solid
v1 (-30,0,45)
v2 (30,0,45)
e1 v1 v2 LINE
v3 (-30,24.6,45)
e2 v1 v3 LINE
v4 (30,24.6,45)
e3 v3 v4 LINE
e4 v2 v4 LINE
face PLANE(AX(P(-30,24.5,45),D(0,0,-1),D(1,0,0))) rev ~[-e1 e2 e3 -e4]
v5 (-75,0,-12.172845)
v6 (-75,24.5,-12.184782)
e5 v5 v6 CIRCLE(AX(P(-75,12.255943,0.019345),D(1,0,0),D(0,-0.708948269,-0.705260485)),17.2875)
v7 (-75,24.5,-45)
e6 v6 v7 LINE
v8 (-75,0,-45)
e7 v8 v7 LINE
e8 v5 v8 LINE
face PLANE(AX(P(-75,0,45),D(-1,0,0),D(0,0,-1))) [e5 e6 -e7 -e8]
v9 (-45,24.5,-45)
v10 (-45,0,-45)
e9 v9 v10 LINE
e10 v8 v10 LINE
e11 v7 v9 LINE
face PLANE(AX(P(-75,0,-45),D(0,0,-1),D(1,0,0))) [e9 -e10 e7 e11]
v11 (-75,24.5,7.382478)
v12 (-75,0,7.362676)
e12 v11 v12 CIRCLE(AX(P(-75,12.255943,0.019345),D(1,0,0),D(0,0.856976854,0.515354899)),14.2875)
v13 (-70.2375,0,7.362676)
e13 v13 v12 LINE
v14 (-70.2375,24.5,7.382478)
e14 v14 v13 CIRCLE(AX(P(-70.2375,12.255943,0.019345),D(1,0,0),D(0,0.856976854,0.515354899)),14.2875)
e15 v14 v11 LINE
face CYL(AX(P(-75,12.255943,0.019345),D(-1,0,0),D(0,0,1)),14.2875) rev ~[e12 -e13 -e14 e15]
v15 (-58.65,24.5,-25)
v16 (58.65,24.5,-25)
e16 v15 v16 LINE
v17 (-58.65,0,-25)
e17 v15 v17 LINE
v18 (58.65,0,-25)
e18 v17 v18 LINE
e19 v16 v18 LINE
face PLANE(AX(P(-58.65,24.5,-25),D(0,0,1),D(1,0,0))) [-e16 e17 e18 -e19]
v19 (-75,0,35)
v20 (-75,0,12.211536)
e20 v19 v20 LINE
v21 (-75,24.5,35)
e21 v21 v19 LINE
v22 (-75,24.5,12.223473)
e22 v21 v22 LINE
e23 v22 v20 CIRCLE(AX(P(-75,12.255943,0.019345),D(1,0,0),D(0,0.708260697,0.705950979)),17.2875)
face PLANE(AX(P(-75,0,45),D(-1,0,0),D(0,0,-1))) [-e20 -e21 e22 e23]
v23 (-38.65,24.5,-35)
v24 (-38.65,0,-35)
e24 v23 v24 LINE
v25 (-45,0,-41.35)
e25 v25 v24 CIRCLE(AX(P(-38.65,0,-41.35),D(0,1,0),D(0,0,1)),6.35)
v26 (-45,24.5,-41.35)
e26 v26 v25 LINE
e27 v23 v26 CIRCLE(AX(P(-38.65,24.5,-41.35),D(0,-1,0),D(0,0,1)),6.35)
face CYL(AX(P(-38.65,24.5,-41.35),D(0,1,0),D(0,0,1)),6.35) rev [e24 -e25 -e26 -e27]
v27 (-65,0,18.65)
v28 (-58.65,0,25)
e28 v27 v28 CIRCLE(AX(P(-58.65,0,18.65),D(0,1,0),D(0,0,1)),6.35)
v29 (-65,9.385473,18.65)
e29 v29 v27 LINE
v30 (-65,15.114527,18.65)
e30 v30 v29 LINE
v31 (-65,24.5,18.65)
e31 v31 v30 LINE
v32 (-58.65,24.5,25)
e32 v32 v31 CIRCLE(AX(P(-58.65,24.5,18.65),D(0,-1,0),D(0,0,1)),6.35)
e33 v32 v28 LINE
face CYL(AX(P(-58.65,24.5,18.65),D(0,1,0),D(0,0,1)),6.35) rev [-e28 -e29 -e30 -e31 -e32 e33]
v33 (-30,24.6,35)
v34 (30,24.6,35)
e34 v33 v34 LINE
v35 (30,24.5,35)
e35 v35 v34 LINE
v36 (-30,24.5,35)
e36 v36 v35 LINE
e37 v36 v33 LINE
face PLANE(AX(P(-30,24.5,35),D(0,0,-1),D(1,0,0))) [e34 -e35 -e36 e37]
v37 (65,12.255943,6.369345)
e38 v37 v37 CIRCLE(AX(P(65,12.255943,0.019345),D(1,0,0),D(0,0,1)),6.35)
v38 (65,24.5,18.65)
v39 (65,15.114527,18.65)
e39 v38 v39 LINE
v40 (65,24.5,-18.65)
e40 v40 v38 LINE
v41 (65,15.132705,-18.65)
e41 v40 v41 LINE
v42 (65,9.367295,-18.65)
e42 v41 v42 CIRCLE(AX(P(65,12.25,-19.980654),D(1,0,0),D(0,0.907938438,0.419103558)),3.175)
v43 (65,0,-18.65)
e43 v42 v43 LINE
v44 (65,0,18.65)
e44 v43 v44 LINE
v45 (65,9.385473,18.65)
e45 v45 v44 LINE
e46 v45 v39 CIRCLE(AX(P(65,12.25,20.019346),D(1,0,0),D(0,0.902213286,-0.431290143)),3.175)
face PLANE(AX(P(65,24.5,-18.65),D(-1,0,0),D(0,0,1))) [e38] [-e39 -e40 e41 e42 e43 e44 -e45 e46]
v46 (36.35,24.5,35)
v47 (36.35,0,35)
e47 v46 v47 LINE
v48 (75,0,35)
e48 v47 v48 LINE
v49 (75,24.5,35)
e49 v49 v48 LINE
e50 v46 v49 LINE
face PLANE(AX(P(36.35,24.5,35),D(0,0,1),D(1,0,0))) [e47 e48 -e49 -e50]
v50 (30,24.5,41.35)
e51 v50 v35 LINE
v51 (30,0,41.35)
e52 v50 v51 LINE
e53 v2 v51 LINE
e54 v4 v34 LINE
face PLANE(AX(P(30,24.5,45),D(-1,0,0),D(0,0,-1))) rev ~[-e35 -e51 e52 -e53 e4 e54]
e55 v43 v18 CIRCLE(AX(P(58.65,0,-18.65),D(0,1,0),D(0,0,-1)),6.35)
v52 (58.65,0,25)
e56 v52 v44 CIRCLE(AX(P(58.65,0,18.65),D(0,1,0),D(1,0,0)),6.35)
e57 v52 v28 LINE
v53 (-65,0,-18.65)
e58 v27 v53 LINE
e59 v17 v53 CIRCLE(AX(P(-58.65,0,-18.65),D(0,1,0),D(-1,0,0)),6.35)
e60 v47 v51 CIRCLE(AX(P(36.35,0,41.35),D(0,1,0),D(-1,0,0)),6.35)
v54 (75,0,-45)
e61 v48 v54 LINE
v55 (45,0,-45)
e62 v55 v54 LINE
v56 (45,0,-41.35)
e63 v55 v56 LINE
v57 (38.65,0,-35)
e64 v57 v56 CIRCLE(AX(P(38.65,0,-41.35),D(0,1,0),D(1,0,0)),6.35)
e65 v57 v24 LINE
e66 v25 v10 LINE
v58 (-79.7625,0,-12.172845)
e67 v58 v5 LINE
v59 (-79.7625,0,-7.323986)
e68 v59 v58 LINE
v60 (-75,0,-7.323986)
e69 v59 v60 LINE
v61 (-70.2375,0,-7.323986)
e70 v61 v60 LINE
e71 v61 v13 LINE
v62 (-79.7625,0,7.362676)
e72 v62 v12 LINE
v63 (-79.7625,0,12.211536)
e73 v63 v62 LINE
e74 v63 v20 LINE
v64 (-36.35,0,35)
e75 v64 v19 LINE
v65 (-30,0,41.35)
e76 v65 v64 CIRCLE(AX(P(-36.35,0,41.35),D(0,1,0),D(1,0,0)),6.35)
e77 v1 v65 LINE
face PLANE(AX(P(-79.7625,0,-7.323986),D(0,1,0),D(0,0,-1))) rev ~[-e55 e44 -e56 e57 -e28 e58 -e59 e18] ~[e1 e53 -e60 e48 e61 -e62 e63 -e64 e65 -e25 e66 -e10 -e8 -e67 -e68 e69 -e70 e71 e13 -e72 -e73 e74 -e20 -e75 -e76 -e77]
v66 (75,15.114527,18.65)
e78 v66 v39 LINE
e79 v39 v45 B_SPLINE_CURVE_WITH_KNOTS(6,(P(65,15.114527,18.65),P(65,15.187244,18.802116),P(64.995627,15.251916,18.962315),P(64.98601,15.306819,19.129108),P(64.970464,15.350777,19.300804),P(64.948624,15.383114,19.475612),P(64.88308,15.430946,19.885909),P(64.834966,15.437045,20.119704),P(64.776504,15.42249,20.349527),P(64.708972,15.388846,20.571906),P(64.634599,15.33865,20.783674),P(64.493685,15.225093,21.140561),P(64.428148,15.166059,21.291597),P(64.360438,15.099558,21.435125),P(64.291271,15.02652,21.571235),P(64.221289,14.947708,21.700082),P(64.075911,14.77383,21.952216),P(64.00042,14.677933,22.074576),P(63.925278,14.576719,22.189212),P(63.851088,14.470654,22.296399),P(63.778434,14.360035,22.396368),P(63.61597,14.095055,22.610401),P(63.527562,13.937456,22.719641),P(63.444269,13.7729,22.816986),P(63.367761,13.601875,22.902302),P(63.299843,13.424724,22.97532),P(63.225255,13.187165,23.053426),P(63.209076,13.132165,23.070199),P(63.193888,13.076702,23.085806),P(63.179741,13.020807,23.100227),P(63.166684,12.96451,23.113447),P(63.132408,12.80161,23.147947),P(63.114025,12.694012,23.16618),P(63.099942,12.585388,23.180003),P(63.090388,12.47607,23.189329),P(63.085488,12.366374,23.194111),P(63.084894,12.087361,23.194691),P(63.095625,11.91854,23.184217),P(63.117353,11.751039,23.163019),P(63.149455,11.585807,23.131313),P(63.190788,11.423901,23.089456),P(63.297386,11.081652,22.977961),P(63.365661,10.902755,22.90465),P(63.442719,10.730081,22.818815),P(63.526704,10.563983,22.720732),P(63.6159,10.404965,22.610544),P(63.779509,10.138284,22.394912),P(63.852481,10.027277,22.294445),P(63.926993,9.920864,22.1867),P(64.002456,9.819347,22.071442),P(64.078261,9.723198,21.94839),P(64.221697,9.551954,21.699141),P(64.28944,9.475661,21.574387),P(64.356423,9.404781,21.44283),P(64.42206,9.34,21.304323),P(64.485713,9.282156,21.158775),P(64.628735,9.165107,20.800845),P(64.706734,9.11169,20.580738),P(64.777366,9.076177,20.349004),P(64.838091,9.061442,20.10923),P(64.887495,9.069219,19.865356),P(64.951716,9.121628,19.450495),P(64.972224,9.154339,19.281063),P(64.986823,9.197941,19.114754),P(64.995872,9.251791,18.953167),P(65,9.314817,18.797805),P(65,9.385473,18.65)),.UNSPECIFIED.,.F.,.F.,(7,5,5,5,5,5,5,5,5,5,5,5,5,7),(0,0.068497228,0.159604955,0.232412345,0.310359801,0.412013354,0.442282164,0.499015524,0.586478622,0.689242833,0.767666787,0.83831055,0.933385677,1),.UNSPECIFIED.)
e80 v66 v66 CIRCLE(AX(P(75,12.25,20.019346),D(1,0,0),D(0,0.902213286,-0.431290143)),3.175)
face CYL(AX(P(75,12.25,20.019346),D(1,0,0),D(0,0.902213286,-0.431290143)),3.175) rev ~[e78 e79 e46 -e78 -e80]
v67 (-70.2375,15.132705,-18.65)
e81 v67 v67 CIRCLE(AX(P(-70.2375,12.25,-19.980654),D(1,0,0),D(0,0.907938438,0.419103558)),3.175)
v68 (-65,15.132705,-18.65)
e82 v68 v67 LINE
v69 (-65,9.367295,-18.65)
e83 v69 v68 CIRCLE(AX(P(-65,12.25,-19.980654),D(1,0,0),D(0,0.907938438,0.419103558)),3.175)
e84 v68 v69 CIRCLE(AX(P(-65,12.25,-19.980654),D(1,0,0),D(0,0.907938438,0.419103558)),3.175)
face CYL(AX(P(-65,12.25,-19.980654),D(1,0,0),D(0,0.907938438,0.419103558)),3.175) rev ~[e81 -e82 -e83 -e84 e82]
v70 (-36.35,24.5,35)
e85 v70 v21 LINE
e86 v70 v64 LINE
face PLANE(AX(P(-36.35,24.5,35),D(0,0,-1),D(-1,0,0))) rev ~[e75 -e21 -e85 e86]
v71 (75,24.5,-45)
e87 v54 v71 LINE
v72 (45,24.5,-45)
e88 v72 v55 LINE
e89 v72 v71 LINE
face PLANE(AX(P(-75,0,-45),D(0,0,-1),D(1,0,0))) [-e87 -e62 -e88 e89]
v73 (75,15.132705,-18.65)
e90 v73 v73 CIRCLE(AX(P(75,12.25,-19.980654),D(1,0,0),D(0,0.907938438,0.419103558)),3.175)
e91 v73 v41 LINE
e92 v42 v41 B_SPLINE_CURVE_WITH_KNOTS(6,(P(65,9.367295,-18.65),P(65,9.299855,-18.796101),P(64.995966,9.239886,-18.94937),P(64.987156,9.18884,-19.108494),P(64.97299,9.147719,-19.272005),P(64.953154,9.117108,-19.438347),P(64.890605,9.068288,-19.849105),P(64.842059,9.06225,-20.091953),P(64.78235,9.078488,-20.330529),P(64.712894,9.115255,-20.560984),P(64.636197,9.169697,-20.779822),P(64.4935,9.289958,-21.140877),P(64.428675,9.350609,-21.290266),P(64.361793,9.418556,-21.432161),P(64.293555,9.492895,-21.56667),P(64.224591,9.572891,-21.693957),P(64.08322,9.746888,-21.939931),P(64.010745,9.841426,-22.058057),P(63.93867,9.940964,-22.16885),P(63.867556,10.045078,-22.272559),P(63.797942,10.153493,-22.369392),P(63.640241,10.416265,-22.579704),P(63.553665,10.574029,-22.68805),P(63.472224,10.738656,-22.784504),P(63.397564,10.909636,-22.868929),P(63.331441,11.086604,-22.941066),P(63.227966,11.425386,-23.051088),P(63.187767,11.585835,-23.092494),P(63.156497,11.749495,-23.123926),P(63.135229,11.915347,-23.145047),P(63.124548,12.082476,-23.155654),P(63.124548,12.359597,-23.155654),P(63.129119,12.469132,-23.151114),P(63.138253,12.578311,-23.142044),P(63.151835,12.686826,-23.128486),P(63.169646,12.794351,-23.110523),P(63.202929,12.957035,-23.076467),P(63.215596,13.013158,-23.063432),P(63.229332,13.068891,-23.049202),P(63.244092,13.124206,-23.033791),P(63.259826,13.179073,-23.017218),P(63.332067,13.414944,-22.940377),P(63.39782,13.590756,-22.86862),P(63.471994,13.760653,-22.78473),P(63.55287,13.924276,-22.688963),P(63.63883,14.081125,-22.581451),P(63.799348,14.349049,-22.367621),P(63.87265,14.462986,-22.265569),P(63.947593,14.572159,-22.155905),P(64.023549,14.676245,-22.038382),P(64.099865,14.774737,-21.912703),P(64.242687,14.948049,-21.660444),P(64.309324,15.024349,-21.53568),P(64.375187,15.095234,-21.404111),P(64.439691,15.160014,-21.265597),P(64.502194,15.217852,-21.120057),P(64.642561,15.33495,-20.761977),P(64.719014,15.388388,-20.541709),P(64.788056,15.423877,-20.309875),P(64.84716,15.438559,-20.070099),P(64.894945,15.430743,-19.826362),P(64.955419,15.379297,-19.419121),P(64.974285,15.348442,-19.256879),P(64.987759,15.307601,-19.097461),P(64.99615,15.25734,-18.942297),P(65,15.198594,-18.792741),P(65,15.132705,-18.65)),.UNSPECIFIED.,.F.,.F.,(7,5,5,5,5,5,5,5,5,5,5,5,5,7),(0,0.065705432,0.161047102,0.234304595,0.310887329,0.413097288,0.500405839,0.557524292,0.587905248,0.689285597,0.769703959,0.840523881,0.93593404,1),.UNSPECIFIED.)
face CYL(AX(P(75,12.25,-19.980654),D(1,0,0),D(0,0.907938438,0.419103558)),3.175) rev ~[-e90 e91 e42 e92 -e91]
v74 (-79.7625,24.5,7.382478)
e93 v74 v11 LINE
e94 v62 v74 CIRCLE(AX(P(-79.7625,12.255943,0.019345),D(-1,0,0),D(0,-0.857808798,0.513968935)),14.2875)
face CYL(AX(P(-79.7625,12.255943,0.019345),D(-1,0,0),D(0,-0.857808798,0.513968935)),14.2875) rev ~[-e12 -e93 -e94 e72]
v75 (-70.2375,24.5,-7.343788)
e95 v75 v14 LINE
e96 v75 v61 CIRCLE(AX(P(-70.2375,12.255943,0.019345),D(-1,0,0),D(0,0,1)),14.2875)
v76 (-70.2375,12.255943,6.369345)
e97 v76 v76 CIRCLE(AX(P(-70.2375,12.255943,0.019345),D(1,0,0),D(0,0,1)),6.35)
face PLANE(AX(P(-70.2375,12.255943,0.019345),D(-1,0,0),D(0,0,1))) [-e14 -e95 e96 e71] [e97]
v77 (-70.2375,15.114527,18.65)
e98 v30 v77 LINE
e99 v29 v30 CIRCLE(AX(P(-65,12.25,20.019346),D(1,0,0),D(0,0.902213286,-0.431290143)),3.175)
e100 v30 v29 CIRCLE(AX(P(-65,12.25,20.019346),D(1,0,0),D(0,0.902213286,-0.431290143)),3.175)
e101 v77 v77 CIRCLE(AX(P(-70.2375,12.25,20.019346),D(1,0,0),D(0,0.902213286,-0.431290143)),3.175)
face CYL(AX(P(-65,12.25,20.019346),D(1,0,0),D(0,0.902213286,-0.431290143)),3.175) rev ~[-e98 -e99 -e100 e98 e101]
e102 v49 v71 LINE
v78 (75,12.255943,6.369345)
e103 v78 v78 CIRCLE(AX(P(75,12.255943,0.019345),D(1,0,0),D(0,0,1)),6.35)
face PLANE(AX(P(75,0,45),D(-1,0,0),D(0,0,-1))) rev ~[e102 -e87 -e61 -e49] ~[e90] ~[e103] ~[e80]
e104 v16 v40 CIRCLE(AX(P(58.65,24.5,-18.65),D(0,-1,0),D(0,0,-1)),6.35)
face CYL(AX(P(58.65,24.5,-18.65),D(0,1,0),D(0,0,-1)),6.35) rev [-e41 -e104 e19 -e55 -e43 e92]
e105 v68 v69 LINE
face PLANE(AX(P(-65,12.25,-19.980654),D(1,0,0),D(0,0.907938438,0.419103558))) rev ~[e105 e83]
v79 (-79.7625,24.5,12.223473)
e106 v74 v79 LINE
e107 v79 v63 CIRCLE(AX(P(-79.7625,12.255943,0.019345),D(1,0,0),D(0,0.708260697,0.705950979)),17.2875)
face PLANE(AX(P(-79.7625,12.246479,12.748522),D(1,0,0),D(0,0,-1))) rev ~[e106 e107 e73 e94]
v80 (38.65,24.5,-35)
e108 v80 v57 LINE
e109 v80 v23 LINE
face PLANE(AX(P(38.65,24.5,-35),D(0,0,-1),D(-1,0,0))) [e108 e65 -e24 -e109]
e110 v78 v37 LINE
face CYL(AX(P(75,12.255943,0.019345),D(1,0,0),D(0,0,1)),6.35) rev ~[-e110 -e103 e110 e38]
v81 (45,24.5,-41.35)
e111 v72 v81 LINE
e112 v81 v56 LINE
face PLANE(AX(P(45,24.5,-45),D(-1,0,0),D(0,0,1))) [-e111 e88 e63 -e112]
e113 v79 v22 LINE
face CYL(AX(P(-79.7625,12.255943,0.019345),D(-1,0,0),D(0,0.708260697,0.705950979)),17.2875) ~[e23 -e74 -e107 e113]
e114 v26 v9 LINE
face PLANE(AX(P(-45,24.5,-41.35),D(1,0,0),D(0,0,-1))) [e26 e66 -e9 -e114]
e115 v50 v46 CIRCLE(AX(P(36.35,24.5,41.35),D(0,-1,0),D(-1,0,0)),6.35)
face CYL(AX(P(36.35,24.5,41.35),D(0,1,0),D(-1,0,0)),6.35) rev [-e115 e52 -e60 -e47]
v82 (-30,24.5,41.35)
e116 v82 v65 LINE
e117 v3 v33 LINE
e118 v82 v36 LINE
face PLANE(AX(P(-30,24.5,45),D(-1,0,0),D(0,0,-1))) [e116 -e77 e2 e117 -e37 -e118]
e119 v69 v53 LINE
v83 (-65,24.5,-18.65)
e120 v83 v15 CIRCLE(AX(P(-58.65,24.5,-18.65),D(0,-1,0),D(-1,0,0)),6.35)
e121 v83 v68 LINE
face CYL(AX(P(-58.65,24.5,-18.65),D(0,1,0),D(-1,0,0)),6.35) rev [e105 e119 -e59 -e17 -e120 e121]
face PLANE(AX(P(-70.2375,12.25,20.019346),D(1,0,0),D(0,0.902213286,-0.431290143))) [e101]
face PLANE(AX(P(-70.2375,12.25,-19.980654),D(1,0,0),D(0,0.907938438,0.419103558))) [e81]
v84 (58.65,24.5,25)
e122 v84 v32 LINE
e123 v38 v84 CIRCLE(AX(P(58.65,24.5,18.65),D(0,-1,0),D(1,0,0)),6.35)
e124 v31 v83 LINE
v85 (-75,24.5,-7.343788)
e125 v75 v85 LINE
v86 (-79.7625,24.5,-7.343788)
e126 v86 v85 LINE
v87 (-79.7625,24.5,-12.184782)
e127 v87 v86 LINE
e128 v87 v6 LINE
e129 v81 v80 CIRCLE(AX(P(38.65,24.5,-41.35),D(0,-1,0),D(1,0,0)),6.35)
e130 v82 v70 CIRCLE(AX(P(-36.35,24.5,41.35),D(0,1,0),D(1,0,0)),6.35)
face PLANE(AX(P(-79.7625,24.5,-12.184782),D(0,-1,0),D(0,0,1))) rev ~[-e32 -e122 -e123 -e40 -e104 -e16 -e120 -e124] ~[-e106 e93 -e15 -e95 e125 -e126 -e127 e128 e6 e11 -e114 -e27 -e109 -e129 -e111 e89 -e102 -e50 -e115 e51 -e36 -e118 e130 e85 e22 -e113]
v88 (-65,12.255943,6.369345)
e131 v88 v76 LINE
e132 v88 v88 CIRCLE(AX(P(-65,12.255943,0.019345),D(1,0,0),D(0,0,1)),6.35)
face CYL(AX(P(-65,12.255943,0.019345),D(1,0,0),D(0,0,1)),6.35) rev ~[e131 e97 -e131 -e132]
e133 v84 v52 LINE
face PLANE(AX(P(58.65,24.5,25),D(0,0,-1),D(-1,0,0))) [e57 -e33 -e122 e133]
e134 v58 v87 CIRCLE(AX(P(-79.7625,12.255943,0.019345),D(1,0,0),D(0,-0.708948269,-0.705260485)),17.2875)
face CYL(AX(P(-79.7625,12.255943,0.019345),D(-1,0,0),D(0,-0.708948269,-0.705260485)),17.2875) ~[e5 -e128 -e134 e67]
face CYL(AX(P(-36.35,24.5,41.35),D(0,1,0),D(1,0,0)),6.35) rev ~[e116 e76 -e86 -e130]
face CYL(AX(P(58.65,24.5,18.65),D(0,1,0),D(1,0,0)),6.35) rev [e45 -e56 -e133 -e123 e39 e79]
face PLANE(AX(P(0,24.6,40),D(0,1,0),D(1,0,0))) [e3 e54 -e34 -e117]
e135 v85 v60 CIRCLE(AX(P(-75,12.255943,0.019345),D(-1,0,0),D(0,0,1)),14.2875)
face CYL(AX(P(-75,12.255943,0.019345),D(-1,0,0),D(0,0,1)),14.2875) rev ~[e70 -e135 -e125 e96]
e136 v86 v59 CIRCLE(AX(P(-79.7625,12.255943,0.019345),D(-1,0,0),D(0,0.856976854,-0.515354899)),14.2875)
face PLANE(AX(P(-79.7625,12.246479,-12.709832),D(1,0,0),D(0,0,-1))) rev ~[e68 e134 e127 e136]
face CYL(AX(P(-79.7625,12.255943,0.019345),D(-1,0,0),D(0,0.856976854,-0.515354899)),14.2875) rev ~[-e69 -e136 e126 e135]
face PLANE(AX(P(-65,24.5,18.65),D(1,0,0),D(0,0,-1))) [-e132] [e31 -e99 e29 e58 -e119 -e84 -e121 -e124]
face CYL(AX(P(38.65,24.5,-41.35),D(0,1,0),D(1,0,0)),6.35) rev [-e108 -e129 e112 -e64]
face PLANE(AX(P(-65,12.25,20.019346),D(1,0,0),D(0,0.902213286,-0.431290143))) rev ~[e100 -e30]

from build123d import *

# Parameters (mm, degrees)
CROQUIS1_W              = 150
CROQUIS1_H              = 90
SALIENTE_EXTRUIR1_DEPTH = 24.5
CORTAR_EXTRUIR2_DEPTH   = 91.830886817
CROQUIS6_R              = 14.2875
CORTAR_EXTRUIR3_DEPTH   = 4.7625
CORTAR_EXTRUIR4_START   = -140
CROQUIS2_R              = 6.35
CROQUIS2_R_2            = 3.175
CORTAR_EXTRUIR4_DEPTH   = 5.2375
CORTAR_EXTRUIR1_DEPTH   = 41
SALIENTE_EXTRUIR2_START = 4.7625
SALIENTE_EXTRUIR2_DEPTH = 4.7625
CROQUIS8_W              = 60
CROQUIS8_H              = 10
SALIENTE_EXTRUIR3_DEPTH = 0.1


with BuildPart() as part:
    # Croquis1 → Saliente-Extruir1 (new body)
    with BuildSketch(Plane(origin=(0, 0, 0), x_dir=(1, 0, 0), z_dir=(0, 1, 0))):
        Rectangle(CROQUIS1_W, CROQUIS1_H)
    extrude(amount=SALIENTE_EXTRUIR1_DEPTH)

    # Croquis3 → Cortar-Extruir2 (cut, through all)
    with BuildSketch(Plane(origin=(0, 24.5, 0), x_dir=(1, 0, 0), z_dir=(0, 1, 0))):
        with BuildLine():
            Line((58.65, -25), (-58.65, -25))
            ThreePointArc((-58.65, -25), (-63.140128061, -23.140128061), (-65, -18.65))
            Line((-65, -18.65), (-65, 18.65))
            ThreePointArc((-65, 18.65), (-63.140128061, 23.140128061), (-58.65, 25))
            Line((-58.65, 25), (58.65, 25))
            ThreePointArc((58.65, 25), (63.140128061, 23.140128061), (65, 18.65))
            Line((65, 18.65), (65, -18.65))
            ThreePointArc((65, -18.65), (63.140128061, -23.140128061), (58.65, -25))
        make_face()
        with BuildLine():
            Line((-75, -45), (-30, -45))
            Line((-30, -45), (-30, -41.35))
            ThreePointArc((-30, -41.35), (-31.859871939, -36.859871939), (-36.35, -35))
            Line((-36.35, -35), (-75, -35))
            Line((-75, -35), (-75, -45))
        make_face()
        with BuildLine():
            Line((75, -45), (30, -45))
            Line((30, -45), (30, -41.35))
            ThreePointArc((30, -41.35), (31.859871939, -36.859871939), (36.35, -35))
            Line((36.35, -35), (75, -35))
            Line((75, -35), (75, -45))
        make_face()
        with BuildLine():
            Line((-45, 45), (45, 45))
            Line((45, 45), (45, 41.35))
            ThreePointArc((45, 41.35), (43.140128061, 36.859871939), (38.65, 35))
            Line((38.65, 35), (-38.65, 35))
            ThreePointArc((-38.65, 35), (-43.140128061, 36.859871939), (-45, 41.35))
            Line((-45, 41.35), (-45, 45))
        make_face()
    extrude(amount=-CORTAR_EXTRUIR2_DEPTH, mode=Mode.SUBTRACT)

    # Croquis6 → Cortar-Extruir3 (cut)
    with BuildSketch(Plane.ZY.offset(75)):
        with Locations((0.019345319, 12.255943197)):
            Circle(CROQUIS6_R)
    extrude(amount=-CORTAR_EXTRUIR3_DEPTH, mode=Mode.SUBTRACT)

    # Croquis2 → Cortar-Extruir4 (cut)
    with BuildSketch(Plane(origin=(75, 0, 0), x_dir=(0, 0, -1), z_dir=(1, 0, 0)).offset(CORTAR_EXTRUIR4_START)):
        with Locations(Location((-0.019345319, 12.255943197, 0), (0, 0, 180))):
            Circle(CROQUIS2_R)
        with Locations(Location((-20.019346202, 12.25, 0), (0, 0, 64.450536277))):
            Circle(CROQUIS2_R_2)
        with Locations(Location((19.980653798, 12.25, 0), (0, 0, 114.778004308))):
            Circle(CROQUIS2_R_2)
    extrude(amount=-CORTAR_EXTRUIR4_DEPTH, mode=Mode.SUBTRACT)

    # Croquis2 → Cortar-Extruir1 (cut)
    with BuildSketch(Plane(origin=(75, 0, 0), x_dir=(0, 0, -1), z_dir=(1, 0, 0))):
        with Locations(Location((-0.019345319, 12.255943197, 0), (0, 0, 180))):
            Circle(CROQUIS2_R)
        with Locations(Location((-20.019346202, 12.25, 0), (0, 0, 64.450536277))):
            Circle(CROQUIS2_R_2)
        with Locations(Location((19.980653798, 12.25, 0), (0, 0, 114.778004308))):
            Circle(CROQUIS2_R_2)
    extrude(amount=-CORTAR_EXTRUIR1_DEPTH, mode=Mode.SUBTRACT)

    # Croquis7 → Saliente-Extruir2 (add)
    with BuildSketch(Plane.ZY.offset(75).offset(SALIENTE_EXTRUIR2_START)):
        with BuildLine():
            Line((-12.18478223, 24.5), (-7.343787794, 24.5))
            ThreePointArc((-7.343787794, 24.5), (-14.268150014, 12.244395432), (-7.323985846, 0))
            Line((-7.323985846, 0), (-12.172845321, 0))
            ThreePointArc((-12.172845321, 0), (-17.268152629, 12.247520368), (-12.18478223, 24.5))
        make_face()
        with BuildLine():
            Line((7.382478433, 24.5), (12.223472869, 24.5))
            ThreePointArc((12.223472869, 24.5), (17.306843268, 12.247520368), (12.21153596, 0))
            Line((12.21153596, 0), (7.362676485, 0))
            ThreePointArc((7.362676485, 0), (14.306840653, 12.244395432), (7.382478433, 24.5))
        make_face()
    extrude(amount=-SALIENTE_EXTRUIR2_DEPTH)

    # Croquis8 → Saliente-Extruir3 (add)
    with BuildSketch(Plane(origin=(0, 24.5, 0), x_dir=(1, 0, 0), z_dir=(0, 1, 0))):
        with Locations((0, -40)):
            Rectangle(CROQUIS8_W, CROQUIS8_H)
    extrude(amount=SALIENTE_EXTRUIR3_DEPTH)


solid = part.part
